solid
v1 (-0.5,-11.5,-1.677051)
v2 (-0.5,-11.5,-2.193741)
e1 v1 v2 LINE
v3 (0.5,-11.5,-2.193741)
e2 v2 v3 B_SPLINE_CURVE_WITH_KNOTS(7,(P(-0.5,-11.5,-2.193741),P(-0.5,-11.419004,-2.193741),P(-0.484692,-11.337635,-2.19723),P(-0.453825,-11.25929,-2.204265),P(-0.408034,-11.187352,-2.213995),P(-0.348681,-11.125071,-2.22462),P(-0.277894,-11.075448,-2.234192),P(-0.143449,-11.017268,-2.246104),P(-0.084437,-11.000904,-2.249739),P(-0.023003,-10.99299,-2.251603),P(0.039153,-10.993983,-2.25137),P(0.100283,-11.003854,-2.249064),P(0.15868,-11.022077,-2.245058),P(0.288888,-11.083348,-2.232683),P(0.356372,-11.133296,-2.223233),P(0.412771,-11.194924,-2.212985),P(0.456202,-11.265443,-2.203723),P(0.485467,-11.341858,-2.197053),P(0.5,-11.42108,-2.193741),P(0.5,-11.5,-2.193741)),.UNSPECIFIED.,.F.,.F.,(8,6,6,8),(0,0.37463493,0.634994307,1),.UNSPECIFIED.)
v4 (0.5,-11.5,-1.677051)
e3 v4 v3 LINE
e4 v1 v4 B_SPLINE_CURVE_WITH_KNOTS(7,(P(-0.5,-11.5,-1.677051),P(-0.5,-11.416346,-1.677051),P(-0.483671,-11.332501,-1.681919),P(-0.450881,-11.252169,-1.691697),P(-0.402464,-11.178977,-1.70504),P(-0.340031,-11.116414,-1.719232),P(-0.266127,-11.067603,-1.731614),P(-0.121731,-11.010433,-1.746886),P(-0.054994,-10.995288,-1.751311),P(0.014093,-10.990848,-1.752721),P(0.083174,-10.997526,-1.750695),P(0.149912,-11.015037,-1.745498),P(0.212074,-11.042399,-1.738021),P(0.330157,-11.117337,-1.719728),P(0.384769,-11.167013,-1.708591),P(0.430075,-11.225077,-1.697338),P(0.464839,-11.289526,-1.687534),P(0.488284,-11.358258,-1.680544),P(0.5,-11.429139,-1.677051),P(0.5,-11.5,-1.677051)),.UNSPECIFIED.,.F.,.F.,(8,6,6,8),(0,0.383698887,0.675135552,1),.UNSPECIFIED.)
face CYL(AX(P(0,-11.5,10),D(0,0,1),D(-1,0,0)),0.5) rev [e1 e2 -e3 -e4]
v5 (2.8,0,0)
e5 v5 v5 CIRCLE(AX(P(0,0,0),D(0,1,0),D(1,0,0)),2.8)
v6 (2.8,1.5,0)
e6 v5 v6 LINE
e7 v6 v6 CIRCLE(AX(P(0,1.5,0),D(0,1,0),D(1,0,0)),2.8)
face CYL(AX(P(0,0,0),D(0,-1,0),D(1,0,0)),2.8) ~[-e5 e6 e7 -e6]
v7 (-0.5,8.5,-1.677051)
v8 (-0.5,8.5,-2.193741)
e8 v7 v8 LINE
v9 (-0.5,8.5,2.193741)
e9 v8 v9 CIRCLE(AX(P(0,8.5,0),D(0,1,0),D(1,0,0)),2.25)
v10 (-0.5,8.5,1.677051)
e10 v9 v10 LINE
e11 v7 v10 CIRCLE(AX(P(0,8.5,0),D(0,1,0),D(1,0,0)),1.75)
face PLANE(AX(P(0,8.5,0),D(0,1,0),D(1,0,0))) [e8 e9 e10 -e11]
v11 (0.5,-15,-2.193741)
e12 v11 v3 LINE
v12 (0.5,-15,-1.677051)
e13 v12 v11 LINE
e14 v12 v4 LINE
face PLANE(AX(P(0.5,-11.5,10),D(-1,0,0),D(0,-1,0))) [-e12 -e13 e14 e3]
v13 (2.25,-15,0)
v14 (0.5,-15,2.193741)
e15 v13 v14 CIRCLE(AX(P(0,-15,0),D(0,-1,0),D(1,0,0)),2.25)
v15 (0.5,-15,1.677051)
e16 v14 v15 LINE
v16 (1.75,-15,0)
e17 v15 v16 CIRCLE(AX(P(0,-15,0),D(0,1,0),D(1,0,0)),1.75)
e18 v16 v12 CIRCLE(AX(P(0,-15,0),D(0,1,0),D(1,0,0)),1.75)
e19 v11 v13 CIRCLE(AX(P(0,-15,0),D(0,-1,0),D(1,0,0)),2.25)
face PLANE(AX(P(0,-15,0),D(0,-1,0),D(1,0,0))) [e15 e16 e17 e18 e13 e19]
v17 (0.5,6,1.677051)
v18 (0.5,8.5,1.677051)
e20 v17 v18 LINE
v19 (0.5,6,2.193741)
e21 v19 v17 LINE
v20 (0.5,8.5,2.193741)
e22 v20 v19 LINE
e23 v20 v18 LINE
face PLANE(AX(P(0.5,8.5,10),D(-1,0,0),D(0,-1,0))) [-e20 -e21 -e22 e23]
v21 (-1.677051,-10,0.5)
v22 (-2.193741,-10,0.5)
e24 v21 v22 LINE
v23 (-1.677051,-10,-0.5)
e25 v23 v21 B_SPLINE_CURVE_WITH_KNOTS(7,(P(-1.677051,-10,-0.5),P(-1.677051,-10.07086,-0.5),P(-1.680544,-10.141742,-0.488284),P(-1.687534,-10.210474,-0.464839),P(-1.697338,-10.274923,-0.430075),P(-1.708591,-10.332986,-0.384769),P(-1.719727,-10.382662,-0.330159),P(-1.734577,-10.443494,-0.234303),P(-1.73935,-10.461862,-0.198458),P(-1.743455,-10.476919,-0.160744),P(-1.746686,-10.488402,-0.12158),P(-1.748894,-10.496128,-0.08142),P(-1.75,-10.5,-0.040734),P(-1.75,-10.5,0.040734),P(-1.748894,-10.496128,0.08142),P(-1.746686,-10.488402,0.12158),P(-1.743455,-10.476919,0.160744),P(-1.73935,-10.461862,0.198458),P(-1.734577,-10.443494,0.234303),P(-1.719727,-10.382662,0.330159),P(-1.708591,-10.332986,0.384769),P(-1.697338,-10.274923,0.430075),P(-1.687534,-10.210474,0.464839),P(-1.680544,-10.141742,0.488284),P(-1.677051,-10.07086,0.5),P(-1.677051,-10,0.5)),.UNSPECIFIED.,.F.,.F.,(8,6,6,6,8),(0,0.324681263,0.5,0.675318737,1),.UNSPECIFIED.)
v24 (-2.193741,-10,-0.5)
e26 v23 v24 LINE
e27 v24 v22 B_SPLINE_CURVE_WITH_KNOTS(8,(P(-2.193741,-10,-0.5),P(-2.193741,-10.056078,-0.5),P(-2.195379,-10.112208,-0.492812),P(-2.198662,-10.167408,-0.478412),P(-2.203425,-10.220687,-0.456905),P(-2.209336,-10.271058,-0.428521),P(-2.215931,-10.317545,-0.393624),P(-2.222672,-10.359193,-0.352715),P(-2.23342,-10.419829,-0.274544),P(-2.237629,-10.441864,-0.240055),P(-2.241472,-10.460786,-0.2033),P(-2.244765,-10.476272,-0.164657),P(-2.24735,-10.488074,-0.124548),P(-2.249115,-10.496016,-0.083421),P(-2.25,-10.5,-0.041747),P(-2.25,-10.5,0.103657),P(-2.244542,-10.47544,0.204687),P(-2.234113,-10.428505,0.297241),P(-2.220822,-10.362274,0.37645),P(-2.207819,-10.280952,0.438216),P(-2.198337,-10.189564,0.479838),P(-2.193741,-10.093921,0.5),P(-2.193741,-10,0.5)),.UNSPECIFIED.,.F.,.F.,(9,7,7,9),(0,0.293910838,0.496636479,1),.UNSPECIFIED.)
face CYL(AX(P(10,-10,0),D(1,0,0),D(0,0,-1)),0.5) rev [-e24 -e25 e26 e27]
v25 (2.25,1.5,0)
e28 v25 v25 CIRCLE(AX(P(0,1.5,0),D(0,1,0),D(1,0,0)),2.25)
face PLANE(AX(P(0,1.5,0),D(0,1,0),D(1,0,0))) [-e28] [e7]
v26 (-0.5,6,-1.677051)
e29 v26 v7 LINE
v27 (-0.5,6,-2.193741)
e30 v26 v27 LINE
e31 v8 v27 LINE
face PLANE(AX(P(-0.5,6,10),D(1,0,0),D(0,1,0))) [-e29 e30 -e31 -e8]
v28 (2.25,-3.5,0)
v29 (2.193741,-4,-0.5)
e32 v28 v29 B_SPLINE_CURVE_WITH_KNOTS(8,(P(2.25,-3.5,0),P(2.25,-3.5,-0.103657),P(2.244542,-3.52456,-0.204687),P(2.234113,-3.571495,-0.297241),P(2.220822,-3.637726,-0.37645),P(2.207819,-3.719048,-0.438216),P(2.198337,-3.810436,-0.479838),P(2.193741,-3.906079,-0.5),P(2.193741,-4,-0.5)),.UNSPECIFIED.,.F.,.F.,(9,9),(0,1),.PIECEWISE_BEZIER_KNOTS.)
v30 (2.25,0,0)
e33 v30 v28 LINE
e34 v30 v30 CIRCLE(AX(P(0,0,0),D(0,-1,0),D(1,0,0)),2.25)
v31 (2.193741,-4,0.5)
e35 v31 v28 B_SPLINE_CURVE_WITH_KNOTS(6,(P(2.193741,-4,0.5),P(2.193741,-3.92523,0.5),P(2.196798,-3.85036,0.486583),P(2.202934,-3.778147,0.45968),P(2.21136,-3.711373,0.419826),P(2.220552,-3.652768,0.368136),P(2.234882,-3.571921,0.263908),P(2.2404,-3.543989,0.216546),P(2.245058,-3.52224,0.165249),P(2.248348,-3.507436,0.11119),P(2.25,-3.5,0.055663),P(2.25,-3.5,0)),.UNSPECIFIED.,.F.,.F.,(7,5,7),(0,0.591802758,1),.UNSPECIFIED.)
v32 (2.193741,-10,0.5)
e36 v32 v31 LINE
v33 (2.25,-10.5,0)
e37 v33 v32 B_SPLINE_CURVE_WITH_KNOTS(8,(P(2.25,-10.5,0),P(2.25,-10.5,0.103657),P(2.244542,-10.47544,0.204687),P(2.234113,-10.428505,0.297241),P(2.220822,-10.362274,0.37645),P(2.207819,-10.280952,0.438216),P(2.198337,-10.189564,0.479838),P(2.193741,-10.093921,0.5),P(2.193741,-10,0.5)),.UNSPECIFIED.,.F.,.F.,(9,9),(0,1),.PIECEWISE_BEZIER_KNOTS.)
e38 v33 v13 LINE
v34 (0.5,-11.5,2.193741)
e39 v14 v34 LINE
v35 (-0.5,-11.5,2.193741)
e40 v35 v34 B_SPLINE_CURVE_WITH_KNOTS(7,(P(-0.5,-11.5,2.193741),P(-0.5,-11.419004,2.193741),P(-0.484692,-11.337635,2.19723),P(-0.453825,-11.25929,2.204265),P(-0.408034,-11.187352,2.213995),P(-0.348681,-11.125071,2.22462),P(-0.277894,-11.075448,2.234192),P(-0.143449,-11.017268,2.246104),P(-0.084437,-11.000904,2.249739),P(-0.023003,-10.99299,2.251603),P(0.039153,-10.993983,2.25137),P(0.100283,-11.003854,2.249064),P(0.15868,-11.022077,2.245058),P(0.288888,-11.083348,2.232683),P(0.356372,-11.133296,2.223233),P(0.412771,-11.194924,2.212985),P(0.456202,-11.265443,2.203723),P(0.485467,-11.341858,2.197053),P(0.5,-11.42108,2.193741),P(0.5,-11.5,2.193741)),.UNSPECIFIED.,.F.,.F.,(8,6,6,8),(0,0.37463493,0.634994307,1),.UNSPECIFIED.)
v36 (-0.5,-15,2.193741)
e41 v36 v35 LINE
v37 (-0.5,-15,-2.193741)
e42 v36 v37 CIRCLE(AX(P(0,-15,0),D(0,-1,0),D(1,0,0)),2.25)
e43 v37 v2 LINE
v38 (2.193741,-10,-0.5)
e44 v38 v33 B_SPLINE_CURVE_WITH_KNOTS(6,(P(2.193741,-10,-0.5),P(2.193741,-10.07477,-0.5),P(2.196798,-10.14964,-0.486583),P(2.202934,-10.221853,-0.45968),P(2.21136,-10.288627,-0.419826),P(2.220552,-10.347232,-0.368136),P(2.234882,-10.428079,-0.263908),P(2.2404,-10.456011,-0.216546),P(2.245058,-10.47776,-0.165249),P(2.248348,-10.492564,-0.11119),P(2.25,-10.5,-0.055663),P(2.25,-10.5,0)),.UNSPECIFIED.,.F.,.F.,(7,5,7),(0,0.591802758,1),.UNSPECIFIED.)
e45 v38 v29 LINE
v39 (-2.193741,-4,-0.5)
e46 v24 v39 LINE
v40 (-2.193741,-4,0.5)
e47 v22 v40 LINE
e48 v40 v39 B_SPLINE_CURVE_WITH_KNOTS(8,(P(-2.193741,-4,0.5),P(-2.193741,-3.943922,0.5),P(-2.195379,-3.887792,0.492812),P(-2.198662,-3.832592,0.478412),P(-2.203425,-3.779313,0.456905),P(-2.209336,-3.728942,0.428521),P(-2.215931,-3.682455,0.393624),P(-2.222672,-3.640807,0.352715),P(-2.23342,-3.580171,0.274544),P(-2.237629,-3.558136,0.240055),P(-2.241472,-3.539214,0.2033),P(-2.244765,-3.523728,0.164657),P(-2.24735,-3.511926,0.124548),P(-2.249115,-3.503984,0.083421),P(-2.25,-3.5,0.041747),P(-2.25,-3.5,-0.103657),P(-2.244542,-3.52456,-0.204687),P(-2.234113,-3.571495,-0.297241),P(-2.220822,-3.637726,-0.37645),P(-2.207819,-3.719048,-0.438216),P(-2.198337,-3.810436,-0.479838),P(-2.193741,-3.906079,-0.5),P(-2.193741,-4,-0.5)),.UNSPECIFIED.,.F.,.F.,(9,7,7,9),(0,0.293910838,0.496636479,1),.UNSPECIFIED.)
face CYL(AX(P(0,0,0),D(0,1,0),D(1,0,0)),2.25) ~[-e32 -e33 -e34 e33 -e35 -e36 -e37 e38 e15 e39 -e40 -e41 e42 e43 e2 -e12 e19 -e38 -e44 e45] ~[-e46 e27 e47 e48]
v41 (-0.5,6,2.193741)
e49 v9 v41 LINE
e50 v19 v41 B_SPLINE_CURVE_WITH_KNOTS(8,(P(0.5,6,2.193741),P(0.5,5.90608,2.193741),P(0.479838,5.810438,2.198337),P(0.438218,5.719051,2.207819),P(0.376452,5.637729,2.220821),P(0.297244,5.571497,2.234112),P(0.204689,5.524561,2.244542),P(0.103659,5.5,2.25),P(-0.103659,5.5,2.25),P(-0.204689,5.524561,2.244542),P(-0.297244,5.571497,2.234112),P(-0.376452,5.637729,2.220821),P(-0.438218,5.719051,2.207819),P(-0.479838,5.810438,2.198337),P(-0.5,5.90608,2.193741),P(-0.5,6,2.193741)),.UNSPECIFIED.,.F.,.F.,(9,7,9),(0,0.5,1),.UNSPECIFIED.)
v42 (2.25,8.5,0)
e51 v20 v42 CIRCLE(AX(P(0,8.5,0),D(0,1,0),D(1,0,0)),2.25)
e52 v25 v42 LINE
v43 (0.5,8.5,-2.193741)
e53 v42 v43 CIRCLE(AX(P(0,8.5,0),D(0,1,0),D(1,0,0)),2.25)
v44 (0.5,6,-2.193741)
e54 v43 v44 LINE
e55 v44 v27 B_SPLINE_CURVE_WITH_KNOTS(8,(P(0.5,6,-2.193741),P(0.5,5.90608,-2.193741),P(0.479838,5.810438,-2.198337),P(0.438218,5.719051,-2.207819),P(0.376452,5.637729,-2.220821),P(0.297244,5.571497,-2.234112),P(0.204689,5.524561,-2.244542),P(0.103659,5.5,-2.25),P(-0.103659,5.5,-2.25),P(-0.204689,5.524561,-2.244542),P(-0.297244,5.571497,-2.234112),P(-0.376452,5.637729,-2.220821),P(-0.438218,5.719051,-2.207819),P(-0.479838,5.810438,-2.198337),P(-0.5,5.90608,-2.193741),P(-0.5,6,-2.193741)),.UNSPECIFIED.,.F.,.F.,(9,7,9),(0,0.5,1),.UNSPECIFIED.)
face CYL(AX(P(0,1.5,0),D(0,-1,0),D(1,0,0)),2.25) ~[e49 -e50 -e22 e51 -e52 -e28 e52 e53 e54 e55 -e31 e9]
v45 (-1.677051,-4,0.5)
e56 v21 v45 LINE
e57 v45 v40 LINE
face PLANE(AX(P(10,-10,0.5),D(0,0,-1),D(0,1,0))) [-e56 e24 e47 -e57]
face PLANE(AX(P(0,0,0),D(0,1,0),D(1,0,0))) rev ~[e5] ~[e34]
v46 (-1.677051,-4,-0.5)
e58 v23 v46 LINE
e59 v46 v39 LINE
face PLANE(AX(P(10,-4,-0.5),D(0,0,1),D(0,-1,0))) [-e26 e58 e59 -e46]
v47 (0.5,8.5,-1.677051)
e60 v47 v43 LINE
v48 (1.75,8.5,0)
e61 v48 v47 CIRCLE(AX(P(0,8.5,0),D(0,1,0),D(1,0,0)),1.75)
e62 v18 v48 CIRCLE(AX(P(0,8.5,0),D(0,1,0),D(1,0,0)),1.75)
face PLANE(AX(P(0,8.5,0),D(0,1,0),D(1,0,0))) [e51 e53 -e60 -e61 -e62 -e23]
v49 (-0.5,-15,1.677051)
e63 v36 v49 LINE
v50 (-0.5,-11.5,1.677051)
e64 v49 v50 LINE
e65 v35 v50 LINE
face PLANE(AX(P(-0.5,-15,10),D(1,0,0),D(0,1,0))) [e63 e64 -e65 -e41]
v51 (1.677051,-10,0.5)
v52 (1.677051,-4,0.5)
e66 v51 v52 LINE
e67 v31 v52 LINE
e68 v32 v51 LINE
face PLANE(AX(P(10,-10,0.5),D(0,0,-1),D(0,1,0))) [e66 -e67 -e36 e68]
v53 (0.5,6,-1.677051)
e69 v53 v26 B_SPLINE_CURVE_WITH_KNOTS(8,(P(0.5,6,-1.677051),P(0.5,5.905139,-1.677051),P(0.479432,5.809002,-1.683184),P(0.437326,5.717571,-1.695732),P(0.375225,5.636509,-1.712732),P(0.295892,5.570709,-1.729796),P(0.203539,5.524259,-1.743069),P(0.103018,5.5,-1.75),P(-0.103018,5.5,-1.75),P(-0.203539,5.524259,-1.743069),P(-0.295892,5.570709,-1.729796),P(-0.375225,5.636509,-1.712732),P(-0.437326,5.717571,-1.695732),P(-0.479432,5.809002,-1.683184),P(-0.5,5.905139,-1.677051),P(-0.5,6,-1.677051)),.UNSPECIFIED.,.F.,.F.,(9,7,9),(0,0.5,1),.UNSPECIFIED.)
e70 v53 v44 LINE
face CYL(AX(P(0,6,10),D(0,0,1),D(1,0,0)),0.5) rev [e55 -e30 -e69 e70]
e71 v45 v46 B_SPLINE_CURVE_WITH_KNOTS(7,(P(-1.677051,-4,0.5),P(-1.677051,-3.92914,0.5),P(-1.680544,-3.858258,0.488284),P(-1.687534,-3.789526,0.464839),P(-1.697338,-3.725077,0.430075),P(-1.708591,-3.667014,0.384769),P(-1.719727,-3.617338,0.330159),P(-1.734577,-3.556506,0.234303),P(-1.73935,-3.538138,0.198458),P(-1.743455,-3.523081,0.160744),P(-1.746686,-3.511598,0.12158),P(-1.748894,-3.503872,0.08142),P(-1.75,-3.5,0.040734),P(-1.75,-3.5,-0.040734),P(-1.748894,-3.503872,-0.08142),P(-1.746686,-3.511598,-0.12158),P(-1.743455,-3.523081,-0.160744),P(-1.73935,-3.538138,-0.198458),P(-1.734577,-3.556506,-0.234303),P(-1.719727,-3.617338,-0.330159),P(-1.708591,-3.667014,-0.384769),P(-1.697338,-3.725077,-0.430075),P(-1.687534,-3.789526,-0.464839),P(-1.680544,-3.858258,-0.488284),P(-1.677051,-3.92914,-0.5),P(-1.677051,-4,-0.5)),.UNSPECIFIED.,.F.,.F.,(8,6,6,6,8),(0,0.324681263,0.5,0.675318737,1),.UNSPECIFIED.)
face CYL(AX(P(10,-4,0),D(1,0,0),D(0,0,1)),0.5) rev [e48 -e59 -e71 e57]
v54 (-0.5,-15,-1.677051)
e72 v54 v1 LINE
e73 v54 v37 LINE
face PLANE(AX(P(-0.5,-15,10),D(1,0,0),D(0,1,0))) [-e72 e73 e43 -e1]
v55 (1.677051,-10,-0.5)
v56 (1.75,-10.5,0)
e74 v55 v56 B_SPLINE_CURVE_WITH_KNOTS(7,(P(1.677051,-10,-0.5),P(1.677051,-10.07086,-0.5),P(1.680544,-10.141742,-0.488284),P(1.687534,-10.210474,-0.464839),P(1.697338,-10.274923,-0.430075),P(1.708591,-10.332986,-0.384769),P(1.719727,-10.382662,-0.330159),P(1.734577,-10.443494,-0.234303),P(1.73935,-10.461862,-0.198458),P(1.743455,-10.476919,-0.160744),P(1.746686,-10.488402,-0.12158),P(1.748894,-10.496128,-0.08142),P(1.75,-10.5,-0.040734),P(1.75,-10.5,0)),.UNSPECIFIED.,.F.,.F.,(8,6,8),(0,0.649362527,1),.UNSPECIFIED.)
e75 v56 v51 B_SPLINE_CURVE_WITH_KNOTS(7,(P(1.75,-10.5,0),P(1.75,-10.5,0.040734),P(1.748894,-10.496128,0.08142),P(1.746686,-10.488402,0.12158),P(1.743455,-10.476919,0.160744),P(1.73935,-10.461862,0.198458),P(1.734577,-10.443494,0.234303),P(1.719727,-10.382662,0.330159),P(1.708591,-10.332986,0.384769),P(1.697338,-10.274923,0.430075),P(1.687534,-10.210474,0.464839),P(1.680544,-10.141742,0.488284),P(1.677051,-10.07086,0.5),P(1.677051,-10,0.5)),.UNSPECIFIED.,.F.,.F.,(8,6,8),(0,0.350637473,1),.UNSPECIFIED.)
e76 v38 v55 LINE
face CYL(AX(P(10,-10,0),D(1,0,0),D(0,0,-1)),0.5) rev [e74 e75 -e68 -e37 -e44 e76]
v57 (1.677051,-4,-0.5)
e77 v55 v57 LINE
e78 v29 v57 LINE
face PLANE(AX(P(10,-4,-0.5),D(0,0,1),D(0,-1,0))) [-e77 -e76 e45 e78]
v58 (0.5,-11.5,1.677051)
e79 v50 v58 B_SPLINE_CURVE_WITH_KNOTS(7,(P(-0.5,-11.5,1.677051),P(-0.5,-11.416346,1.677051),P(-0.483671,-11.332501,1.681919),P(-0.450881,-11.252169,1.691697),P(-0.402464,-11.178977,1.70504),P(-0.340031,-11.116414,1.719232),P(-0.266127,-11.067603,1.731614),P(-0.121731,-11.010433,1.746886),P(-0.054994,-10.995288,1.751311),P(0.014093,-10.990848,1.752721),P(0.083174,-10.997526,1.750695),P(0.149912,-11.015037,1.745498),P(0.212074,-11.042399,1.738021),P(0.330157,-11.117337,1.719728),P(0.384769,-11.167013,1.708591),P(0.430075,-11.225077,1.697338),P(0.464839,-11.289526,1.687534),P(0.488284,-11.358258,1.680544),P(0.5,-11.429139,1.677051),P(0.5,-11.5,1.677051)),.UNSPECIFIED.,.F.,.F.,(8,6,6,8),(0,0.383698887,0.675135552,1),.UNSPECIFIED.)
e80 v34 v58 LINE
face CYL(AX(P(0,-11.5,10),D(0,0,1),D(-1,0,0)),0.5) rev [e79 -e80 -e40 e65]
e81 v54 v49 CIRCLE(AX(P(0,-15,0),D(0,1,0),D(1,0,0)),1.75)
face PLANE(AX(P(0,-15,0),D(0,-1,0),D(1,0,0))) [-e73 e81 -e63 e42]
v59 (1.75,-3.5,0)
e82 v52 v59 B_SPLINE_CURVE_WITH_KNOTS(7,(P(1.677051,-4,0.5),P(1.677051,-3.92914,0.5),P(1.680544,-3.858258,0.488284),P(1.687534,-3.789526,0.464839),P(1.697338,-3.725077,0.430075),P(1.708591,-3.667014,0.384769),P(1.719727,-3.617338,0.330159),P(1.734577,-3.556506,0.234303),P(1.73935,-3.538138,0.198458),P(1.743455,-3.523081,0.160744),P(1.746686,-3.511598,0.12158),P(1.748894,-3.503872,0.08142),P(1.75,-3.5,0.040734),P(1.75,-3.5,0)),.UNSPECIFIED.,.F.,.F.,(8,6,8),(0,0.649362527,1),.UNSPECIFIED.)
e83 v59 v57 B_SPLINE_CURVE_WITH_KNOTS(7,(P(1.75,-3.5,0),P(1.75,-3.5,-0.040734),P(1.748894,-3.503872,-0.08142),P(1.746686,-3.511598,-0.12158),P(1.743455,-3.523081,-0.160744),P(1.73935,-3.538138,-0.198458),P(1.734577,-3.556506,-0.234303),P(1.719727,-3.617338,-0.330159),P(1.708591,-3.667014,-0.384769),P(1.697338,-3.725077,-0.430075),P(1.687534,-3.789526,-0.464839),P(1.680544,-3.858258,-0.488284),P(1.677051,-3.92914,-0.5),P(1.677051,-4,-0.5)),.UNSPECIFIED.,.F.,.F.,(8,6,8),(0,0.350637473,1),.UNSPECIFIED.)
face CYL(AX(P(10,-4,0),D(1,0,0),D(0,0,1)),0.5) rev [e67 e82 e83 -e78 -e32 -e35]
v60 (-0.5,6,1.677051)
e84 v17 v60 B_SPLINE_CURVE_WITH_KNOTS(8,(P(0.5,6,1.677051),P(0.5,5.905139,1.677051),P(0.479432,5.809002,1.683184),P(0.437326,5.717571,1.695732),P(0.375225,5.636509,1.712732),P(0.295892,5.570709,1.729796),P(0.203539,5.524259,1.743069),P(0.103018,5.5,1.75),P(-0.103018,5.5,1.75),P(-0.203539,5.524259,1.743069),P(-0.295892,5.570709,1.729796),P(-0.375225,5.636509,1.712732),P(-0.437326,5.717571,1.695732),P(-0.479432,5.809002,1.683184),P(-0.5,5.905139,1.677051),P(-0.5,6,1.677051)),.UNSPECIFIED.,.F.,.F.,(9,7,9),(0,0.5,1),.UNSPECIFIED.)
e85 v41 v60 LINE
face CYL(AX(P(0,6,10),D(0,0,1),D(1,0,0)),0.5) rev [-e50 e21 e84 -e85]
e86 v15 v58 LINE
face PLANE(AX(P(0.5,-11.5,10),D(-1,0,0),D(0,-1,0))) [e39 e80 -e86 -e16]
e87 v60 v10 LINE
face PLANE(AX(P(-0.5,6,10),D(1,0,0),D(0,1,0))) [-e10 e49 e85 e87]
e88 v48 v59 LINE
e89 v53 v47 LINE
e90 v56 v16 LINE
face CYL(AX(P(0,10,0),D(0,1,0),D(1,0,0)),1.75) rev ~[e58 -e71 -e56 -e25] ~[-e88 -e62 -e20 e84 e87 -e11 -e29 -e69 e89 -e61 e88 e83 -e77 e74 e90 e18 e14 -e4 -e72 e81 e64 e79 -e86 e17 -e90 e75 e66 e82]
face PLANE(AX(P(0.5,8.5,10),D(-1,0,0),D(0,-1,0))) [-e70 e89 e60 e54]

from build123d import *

# Parameters (mm, degrees)
SKETCH1_R           = 2.8
BOSS_EXTRUDE1_DEPTH = 1.5
SKETCH2_R           = 2.25
BOSS_EXTRUDE2_DEPTH = 7
SKETCH3_R           = 2.25
BOSS_EXTRUDE3_DEPTH = 15
CUT_EXTRUDE1_DEPTH  = 13.8
CUT_EXTRUDE2_DEPTH  = 13.8
SKETCH6_R           = 1.75
CUT_EXTRUDE3_DEPTH  = 26.0000001


with BuildPart() as part:
    # Sketch1 → Boss-Extrude1 (new body)
    with BuildSketch(Plane(origin=(0, 0, 0), x_dir=(1, 0, 0), z_dir=(0, 1, 0))):
        Circle(SKETCH1_R)
    extrude(amount=BOSS_EXTRUDE1_DEPTH)

    # Sketch2 → Boss-Extrude2 (add)
    with BuildSketch(Plane(origin=(0, 1.5, 0), x_dir=(1, 0, 0), z_dir=(0, 1, 0))):
        Circle(SKETCH2_R)
    extrude(amount=BOSS_EXTRUDE2_DEPTH)

    # Sketch3 → Boss-Extrude3 (add)
    with BuildSketch(Plane.XZ):
        Circle(SKETCH3_R)
    extrude(amount=BOSS_EXTRUDE3_DEPTH)

    # Sketch4 → Cut-Extrude1 (cut, through all)
    with BuildSketch(Plane.XY.offset(10)):
        with BuildLine():
            Line((-0.5, 6), (-0.5, 8.5))
            ThreePointArc((-0.5, 8.5), (0, 9), (0.5, 8.5))
            Line((0.5, 8.5), (0.5, 6))
            ThreePointArc((0.5, 6), (0, 5.5), (-0.5, 6))
        make_face()
        with BuildLine():
            Line((0.5, -11.5), (0.5, -15))
            ThreePointArc((0.5, -15), (0, -15.5), (-0.5, -15))
            Line((-0.5, -15), (-0.5, -11.5))
            ThreePointArc((-0.5, -11.5), (0, -11), (0.5, -11.5))
        make_face()
    extrude(amount=-CUT_EXTRUDE1_DEPTH, mode=Mode.SUBTRACT)

    # Sketch5 → Cut-Extrude2 (cut, through all)
    with BuildSketch(Plane(origin=(10, 0, 0), x_dir=(0, 0, -1), z_dir=(1, 0, 0))):
        with BuildLine():
            Line((0.5, -4), (0.5, -10))
            ThreePointArc((0.5, -10), (0, -10.5), (-0.5, -10))
            Line((-0.5, -10), (-0.5, -4))
            ThreePointArc((-0.5, -4), (0, -3.5), (0.5, -4))
        make_face()
    extrude(amount=-CUT_EXTRUDE2_DEPTH, mode=Mode.SUBTRACT)

    # Sketch6 → Cut-Extrude3 (cut, through all)
    with BuildSketch(Plane(origin=(0, 10, 0), x_dir=(1, 0, 0), z_dir=(0, 1, 0))):
        Circle(SKETCH6_R)
    extrude(amount=-CUT_EXTRUDE3_DEPTH, mode=Mode.SUBTRACT)


solid = part.part
